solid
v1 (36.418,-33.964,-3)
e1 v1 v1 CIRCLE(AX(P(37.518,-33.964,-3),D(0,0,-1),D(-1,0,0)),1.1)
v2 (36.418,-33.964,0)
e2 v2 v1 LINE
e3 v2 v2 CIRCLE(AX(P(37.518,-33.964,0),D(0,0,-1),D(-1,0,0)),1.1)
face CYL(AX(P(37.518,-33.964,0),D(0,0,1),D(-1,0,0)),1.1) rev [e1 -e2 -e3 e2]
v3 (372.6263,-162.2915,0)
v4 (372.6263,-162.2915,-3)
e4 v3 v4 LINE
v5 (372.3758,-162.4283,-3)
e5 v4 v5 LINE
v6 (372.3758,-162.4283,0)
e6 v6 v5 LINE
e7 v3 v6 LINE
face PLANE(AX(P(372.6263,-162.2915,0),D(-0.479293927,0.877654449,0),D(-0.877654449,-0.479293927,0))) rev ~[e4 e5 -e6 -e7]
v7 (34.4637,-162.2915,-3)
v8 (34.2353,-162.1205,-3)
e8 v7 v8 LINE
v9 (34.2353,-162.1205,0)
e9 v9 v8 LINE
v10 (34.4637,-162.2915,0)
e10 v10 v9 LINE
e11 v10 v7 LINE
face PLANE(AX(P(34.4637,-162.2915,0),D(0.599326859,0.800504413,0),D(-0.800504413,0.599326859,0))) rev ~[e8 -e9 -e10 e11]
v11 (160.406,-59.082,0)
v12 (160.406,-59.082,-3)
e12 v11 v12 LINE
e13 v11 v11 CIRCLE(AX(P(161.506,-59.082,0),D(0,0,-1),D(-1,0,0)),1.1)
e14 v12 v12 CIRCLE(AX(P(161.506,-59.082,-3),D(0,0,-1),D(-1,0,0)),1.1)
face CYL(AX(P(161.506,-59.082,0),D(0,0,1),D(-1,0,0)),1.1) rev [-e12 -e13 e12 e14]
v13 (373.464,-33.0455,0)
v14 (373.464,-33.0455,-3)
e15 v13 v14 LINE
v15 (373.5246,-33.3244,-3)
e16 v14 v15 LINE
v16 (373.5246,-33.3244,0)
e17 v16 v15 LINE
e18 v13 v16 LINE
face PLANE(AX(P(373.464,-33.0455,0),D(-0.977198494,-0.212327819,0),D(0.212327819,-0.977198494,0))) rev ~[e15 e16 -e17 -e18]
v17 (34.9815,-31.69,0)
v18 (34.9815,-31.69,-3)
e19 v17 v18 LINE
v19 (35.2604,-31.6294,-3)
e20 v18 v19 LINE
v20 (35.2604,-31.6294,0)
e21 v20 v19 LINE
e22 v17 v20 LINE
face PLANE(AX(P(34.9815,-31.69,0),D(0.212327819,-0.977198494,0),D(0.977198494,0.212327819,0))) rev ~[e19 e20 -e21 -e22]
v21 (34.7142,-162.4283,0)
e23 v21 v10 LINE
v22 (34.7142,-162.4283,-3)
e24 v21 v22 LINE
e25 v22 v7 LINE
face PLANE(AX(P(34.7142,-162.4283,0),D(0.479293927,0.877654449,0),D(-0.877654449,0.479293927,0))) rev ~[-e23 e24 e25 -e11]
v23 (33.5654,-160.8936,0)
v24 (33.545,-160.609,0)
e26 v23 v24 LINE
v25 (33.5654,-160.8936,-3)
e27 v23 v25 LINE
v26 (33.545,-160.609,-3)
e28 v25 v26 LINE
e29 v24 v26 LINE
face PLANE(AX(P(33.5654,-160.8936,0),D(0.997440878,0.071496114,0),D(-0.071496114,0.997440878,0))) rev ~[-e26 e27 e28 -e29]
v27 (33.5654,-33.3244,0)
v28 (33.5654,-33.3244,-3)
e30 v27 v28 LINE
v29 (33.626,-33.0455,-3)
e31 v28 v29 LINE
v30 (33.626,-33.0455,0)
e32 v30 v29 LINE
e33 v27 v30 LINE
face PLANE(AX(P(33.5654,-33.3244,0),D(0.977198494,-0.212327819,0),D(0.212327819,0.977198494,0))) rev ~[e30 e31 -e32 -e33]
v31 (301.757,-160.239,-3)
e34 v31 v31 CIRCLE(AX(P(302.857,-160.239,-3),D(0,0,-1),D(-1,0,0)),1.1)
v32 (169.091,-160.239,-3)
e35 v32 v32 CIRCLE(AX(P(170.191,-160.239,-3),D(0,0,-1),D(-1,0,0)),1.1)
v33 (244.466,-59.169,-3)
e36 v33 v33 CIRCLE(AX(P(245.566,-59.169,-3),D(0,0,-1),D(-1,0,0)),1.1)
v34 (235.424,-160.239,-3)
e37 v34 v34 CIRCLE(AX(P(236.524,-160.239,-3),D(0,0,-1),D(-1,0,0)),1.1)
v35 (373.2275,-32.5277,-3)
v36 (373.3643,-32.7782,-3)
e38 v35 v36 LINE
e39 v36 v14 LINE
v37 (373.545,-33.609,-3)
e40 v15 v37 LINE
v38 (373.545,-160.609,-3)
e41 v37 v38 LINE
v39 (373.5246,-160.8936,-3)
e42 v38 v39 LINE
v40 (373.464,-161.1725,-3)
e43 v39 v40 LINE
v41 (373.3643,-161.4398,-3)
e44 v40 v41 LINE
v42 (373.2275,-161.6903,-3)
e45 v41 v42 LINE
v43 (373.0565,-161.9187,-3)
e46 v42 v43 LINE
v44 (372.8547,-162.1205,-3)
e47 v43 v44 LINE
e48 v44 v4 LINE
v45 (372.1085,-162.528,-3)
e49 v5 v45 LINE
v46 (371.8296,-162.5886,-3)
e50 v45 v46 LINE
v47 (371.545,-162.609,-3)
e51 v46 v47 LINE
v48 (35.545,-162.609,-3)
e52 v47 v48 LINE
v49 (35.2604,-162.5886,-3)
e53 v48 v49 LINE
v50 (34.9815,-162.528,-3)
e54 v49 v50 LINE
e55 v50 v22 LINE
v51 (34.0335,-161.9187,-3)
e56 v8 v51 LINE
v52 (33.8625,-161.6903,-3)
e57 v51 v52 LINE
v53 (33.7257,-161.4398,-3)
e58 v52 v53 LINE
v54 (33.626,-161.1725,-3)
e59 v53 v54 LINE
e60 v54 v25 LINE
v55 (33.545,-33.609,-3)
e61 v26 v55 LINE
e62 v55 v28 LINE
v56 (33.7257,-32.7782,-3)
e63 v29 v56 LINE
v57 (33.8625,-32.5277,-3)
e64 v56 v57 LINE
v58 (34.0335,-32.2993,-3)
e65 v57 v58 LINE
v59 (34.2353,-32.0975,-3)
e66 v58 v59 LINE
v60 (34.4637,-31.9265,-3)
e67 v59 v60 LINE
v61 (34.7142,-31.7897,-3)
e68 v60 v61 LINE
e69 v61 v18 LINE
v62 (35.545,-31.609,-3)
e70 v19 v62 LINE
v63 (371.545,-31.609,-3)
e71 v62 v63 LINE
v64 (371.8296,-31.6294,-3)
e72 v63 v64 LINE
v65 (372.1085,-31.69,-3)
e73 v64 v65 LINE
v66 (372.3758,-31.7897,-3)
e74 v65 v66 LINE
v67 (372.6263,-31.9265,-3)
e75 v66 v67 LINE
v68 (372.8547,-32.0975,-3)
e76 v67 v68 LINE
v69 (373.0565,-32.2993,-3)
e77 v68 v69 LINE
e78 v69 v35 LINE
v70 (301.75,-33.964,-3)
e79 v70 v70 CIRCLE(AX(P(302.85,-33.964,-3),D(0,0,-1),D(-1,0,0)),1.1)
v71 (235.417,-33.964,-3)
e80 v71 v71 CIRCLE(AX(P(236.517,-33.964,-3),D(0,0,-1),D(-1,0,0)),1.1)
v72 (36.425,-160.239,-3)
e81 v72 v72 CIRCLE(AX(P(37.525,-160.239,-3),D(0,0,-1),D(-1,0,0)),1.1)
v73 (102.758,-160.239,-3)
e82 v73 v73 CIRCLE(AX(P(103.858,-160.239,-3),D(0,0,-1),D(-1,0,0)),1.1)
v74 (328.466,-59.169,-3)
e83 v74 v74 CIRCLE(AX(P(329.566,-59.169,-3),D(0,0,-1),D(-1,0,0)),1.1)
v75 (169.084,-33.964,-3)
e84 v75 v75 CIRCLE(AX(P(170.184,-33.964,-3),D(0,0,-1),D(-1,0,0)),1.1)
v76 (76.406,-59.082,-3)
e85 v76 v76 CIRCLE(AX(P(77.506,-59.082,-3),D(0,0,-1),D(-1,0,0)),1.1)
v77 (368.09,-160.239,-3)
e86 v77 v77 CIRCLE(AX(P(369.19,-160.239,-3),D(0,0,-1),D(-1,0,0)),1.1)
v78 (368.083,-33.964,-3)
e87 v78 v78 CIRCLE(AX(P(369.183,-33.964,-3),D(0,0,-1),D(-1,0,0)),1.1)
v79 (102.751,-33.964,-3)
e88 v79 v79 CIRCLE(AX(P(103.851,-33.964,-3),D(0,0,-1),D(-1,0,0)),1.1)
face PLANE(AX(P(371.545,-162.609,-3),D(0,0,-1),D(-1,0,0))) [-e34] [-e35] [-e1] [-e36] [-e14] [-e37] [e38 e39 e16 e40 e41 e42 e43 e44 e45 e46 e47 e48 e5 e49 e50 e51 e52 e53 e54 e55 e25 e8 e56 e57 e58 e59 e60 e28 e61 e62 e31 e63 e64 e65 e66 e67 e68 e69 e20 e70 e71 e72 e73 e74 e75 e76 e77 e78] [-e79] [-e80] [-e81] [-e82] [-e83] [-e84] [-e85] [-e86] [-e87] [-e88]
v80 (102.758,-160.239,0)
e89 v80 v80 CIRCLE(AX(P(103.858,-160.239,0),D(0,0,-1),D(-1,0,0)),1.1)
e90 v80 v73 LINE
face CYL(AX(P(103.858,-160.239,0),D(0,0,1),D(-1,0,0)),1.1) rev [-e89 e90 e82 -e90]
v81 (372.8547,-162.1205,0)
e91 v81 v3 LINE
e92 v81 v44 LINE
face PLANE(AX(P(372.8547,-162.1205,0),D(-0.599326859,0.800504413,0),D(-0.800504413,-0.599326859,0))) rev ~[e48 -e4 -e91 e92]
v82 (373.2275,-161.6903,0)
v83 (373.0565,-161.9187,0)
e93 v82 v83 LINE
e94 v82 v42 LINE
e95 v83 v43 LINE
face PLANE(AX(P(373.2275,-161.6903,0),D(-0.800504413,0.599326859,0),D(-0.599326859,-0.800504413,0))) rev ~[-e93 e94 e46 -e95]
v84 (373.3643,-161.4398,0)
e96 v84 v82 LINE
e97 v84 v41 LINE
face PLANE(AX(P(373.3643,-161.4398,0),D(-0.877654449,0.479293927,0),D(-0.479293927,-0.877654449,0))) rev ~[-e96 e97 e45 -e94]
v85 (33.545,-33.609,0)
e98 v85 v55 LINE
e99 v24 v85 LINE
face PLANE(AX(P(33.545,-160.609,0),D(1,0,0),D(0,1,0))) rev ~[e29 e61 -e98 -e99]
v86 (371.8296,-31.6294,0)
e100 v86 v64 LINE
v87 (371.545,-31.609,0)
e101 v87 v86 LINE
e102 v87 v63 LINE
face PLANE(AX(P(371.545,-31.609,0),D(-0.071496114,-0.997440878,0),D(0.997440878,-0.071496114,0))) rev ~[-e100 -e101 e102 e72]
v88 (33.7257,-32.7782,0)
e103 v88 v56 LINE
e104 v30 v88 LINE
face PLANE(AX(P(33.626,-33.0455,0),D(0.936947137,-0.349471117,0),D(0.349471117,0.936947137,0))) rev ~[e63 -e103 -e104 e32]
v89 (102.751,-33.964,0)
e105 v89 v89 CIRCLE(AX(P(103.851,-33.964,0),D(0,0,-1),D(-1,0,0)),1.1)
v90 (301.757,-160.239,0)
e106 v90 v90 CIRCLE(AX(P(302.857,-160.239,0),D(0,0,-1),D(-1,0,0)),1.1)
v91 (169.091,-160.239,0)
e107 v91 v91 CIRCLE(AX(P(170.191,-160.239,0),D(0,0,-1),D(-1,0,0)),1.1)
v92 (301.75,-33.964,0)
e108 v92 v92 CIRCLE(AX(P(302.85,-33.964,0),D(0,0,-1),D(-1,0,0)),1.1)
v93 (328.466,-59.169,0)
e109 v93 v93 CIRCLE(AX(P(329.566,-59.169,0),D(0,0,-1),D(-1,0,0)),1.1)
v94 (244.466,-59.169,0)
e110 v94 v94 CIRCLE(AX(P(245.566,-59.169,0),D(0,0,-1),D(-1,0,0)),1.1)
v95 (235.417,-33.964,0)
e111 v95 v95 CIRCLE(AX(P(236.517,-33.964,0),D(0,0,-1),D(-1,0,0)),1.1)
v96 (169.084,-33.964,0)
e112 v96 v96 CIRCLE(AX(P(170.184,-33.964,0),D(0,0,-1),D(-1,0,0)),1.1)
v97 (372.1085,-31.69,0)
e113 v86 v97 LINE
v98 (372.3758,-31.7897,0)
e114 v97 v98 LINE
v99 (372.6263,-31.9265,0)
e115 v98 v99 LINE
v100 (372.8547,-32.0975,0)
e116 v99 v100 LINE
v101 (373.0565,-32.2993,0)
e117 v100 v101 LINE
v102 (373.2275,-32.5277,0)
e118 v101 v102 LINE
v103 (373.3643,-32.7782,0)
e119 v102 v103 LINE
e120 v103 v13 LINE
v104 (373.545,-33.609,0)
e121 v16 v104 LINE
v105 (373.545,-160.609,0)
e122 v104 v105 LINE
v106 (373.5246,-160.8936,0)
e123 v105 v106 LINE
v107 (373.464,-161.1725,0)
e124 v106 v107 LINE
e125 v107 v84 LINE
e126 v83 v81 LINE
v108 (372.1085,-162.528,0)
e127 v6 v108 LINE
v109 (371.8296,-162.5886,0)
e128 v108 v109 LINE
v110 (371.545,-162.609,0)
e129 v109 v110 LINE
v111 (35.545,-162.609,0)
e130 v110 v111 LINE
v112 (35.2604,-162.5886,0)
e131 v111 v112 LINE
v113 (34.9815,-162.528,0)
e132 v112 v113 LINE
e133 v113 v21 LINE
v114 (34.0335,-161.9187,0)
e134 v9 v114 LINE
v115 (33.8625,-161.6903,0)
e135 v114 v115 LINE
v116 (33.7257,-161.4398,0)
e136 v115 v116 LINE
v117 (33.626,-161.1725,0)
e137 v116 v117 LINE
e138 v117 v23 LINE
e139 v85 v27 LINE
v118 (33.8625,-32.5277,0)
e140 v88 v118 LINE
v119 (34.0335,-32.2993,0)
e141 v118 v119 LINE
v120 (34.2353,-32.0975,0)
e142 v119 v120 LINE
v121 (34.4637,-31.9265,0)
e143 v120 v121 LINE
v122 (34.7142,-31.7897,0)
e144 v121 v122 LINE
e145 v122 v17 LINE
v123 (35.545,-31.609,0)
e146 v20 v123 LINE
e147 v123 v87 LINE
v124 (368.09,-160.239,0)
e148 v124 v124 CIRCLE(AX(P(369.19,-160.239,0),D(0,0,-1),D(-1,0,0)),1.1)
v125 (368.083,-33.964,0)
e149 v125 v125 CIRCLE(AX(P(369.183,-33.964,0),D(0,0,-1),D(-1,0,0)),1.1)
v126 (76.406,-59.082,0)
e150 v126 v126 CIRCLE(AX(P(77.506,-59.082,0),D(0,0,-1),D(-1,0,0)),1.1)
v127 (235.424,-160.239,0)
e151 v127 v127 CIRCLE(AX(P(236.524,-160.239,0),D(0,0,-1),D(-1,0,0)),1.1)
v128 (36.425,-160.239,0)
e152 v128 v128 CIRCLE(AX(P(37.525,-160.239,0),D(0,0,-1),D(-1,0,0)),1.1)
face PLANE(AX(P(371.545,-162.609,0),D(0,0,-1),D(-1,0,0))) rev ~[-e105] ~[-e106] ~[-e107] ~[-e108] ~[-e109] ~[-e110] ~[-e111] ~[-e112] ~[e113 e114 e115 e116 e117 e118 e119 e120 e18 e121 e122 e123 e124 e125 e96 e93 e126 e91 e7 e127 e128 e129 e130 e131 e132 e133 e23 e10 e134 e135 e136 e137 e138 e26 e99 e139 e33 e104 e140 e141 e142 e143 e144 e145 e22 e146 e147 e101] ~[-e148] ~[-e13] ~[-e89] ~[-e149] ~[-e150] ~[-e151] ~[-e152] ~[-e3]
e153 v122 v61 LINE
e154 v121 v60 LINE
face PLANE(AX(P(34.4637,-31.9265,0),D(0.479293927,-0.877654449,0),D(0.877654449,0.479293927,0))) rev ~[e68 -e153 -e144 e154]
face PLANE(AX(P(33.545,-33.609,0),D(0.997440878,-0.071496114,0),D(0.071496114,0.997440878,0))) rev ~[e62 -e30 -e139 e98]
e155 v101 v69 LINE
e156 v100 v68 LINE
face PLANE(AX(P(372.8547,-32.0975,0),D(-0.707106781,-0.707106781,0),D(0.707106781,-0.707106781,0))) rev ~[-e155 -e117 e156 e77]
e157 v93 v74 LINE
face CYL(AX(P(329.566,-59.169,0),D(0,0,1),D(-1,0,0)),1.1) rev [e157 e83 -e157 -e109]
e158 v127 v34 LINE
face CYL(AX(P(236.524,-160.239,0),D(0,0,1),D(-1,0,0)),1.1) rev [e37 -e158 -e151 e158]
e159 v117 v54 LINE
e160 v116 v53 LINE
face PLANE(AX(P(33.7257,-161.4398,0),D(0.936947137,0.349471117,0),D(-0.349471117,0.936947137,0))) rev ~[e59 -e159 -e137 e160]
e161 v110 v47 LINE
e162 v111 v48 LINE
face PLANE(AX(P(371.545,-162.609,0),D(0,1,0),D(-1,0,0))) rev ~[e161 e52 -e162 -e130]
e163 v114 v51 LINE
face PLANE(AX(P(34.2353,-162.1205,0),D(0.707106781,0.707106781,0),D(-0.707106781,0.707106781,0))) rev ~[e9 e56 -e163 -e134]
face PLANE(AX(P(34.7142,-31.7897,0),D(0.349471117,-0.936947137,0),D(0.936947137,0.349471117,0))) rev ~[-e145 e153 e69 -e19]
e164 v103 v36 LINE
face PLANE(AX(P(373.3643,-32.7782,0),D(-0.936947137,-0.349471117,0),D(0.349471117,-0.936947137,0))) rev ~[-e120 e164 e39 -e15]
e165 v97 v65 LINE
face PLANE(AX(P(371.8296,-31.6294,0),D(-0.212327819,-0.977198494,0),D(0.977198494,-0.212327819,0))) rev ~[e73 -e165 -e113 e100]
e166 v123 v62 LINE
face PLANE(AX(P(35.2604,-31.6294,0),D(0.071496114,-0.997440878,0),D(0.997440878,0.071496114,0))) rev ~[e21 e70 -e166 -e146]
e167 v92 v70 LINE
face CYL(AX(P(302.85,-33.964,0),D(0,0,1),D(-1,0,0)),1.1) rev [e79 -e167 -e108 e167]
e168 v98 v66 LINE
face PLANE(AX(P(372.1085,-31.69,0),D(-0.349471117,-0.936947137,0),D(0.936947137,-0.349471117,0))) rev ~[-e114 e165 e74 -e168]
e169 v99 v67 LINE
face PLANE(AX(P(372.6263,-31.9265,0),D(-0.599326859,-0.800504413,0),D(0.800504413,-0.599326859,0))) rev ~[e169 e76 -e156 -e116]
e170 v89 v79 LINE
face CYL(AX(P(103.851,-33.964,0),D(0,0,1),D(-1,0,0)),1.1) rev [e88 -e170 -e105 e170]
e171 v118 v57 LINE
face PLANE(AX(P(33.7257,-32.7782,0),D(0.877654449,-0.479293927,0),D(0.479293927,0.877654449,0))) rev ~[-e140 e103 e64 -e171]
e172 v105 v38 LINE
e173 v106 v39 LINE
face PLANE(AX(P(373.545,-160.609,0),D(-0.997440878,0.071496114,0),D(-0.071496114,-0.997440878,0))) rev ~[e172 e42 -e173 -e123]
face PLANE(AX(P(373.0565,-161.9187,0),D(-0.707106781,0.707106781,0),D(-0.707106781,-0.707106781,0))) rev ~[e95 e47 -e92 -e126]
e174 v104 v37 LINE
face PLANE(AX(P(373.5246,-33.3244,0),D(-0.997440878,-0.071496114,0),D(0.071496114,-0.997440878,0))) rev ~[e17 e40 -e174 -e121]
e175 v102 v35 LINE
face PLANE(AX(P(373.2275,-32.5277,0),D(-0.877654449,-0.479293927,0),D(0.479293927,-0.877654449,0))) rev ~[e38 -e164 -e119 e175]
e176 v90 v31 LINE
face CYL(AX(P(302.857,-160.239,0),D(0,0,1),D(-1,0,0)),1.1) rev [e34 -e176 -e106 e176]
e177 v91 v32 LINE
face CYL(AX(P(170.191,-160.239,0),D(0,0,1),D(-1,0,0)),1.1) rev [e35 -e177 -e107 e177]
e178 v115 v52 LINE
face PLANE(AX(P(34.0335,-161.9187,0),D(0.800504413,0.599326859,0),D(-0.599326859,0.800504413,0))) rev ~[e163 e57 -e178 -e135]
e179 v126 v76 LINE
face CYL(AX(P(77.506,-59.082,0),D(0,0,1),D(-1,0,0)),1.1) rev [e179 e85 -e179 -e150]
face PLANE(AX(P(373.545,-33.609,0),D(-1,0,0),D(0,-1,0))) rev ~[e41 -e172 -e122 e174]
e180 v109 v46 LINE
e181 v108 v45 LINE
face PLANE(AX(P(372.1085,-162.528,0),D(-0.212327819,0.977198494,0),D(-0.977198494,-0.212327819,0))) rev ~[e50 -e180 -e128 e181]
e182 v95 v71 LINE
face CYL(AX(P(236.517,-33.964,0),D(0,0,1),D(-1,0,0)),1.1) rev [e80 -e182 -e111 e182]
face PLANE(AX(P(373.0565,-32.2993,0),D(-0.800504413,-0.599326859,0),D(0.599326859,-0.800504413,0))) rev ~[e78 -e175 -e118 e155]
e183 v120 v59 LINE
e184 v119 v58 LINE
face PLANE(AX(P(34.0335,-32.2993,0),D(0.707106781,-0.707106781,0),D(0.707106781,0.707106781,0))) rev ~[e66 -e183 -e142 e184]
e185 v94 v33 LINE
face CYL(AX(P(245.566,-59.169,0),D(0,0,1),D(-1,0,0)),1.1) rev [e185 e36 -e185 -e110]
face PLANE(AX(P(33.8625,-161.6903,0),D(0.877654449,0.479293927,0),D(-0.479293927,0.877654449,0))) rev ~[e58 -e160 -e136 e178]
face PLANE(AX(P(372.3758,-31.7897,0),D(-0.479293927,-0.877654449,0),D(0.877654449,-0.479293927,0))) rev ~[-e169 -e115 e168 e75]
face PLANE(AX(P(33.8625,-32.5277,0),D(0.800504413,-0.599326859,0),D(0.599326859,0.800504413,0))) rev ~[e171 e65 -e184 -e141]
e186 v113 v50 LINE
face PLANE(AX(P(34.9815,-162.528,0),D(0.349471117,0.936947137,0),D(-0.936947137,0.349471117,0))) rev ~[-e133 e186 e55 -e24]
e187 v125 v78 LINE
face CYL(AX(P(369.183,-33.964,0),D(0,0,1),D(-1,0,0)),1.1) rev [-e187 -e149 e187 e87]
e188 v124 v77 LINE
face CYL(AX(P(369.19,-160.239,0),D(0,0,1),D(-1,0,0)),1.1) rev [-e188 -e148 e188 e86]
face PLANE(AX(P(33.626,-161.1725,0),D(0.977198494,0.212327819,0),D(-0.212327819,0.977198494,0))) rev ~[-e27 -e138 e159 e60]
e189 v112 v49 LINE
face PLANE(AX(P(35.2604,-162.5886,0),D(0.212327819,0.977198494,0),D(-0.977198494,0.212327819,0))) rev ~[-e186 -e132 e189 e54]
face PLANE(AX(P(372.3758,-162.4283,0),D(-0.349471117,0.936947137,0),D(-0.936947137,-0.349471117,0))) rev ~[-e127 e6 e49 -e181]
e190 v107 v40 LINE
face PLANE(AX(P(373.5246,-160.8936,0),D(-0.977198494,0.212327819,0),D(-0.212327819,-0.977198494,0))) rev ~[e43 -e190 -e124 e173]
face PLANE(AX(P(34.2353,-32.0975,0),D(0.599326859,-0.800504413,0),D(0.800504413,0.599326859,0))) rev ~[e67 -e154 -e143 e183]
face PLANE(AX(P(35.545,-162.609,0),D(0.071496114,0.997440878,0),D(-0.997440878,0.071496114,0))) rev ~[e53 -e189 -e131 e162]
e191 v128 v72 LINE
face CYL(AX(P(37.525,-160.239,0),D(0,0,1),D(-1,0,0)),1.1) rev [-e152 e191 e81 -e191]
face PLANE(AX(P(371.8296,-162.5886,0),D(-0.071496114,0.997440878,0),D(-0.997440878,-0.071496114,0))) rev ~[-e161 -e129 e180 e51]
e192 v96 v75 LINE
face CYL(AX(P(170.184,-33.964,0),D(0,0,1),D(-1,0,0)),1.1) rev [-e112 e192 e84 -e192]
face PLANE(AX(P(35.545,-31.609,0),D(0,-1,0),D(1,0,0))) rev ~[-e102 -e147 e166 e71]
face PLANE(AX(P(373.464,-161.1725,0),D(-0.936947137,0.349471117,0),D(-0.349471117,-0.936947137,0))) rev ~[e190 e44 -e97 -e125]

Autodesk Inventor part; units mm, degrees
ref_plane "YZ Plane" through (0, 0, 0) normal (1, 0, 0) x (0, 1, 0)
ref_plane "XZ Plane" through (0, 0, 0) normal (0, 1, 0) x (-1, 0, 0)
ref_plane "XY Plane" through (0, 0, 0) normal (0, 0, 1) x (1, 0, 0)
ref_plane "Work Plane2" through (35.545, -31.609, 1.6) normal (0, 0, 1) x (1, 0, 0)
sketch "Sketch2" plane through (35.545, -31.609, 1.6) normal (0, 0, 1) x (1, 0, 0)
  line L0 (-4.7778, 3.1171) -> (341.5466, 3.1925) construction
  line L1 (341.5466, 3.1925) -> (341.5765, -133.848) construction
  line L2 (341.5765, -133.848) -> (-4.7479, -133.9235) construction
  line L3 (-4.7479, -133.9235) -> (-4.7778, 3.1171) construction
  point P0 (-35.545, 31.609)
ref_plane "Work Plane1" through (371.545, -162.609, 0) normal (0, 0, -1) x (-1, 0, 0)
sketch "Sketch9" plane through (371.545, -162.609, 0) normal (0, 0, -1) x (-1, 0, 0)
  line L0 (336, 131) -> (0, 131) projected
  line L1 (-2, 129) -> (-2, 2) projected
  line L2 (-1.9796, 129.2846) -> (-2, 129) projected
  line L3 (-1.919, 129.5635) -> (-1.9796, 129.2846) projected
  line L4 (-1.8193, 129.8308) -> (-1.919, 129.5635) projected
  line L5 (-1.6825, 130.0813) -> (-1.8193, 129.8308) projected
  line L6 (-1.5115, 130.3097) -> (-1.6825, 130.0813) projected
  line L7 (-1.3097, 130.5115) -> (-1.5115, 130.3097) projected
  line L8 (-1.0813, 130.6825) -> (-1.3097, 130.5115) projected
  line L9 (-0.8308, 130.8193) -> (-1.0813, 130.6825) projected
  line L10 (-0.5635, 130.919) -> (-0.8308, 130.8193) projected
  line L11 (-0.2846, 130.9796) -> (-0.5635, 130.919) projected
  line L12 (0, 131) -> (-0.2846, 130.9796) projected
  circle A0 centre (2.362, 128.645) radius 1.1 projected
  circle A1 centre (68.695, 128.645) radius 1.1 projected
  circle A2 centre (135.028, 128.645) radius 1.1 projected
  circle A3 centre (201.361, 128.645) radius 1.1 projected
  circle A4 centre (267.694, 128.645) radius 1.1 projected
  circle A5 centre (334.027, 128.645) radius 1.1 projected
  line L13 (338, 2) -> (338, 129) projected
  line L14 (338, 129) -> (337.9796, 129.2846) projected
  line L15 (337.9796, 129.2846) -> (337.919, 129.5635) projected
  line L16 (337.919, 129.5635) -> (337.8193, 129.8308) projected
  line L17 (337.8193, 129.8308) -> (337.6825, 130.0813) projected
  line L18 (337.6825, 130.0813) -> (337.5115, 130.3097) projected
  line L19 (337.5115, 130.3097) -> (337.3097, 130.5115) projected
  line L20 (337.3097, 130.5115) -> (337.0813, 130.6825) projected
  line L21 (337.0813, 130.6825) -> (336.8308, 130.8193) projected
  line L22 (336.8308, 130.8193) -> (336.5635, 130.919) projected
  line L23 (336.5635, 130.919) -> (336.2846, 130.9796) projected
  line L24 (336.2846, 130.9796) -> (336, 131) projected
  line L25 (0, 0) -> (336, 0) projected
  line L26 (336, 0) -> (336.2846, 0.0204) projected
  line L27 (336.2846, 0.0204) -> (336.5635, 0.081) projected
  line L28 (336.5635, 0.081) -> (336.8308, 0.1807) projected
  line L29 (336.8308, 0.1807) -> (337.0813, 0.3175) projected
  line L30 (337.0813, 0.3175) -> (337.3097, 0.4885) projected
  line L31 (337.3097, 0.4885) -> (337.5115, 0.6903) projected
  line L32 (337.5115, 0.6903) -> (337.6825, 0.9187) projected
  line L33 (337.6825, 0.9187) -> (337.8193, 1.1692) projected
  line L34 (337.8193, 1.1692) -> (337.919, 1.4365) projected
  line L35 (337.919, 1.4365) -> (337.9796, 1.7154) projected
  line L36 (337.9796, 1.7154) -> (338, 2) projected
  circle A6 centre (334.02, 2.37) radius 1.1 projected
  circle A7 centre (267.687, 2.37) radius 1.1 projected
  circle A8 centre (201.354, 2.37) radius 1.1 projected
  circle A9 centre (135.021, 2.37) radius 1.1 projected
  circle A10 centre (68.688, 2.37) radius 1.1 projected
  circle A11 centre (2.355, 2.37) radius 1.1 projected
  line L37 (-0.2846, 0.0204) -> (0, 0) projected
  line L38 (-0.5635, 0.081) -> (-0.2846, 0.0204) projected
  line L39 (-0.8308, 0.1807) -> (-0.5635, 0.081) projected
  line L40 (-1.0813, 0.3175) -> (-0.8308, 0.1807) projected
  line L41 (-1.3097, 0.4885) -> (-1.0813, 0.3175) projected
  line L42 (-1.5115, 0.6903) -> (-1.3097, 0.4885) projected
  line L43 (-1.6825, 0.9187) -> (-1.5115, 0.6903) projected
  line L44 (-1.8193, 1.1692) -> (-1.6825, 0.9187) projected
  line L45 (-1.919, 1.4365) -> (-1.8193, 1.1692) projected
  line L46 (-1.9796, 1.7154) -> (-1.919, 1.4365) projected
  line L47 (-2, 2) -> (-1.9796, 1.7154) projected
  circle A12 centre (41.979, 103.44) radius 1.1 projected
  circle A13 centre (125.979, 103.44) radius 1.1 projected
  circle A14 centre (210.039, 103.527) radius 1.1 projected
  circle A15 centre (294.039, 103.527) radius 1.1 projected
  point P0 (371.545, 162.609)
extrude "Extrusion3" add sketch "Sketch9" along normal blind 3
properties part number "rear_plate"
